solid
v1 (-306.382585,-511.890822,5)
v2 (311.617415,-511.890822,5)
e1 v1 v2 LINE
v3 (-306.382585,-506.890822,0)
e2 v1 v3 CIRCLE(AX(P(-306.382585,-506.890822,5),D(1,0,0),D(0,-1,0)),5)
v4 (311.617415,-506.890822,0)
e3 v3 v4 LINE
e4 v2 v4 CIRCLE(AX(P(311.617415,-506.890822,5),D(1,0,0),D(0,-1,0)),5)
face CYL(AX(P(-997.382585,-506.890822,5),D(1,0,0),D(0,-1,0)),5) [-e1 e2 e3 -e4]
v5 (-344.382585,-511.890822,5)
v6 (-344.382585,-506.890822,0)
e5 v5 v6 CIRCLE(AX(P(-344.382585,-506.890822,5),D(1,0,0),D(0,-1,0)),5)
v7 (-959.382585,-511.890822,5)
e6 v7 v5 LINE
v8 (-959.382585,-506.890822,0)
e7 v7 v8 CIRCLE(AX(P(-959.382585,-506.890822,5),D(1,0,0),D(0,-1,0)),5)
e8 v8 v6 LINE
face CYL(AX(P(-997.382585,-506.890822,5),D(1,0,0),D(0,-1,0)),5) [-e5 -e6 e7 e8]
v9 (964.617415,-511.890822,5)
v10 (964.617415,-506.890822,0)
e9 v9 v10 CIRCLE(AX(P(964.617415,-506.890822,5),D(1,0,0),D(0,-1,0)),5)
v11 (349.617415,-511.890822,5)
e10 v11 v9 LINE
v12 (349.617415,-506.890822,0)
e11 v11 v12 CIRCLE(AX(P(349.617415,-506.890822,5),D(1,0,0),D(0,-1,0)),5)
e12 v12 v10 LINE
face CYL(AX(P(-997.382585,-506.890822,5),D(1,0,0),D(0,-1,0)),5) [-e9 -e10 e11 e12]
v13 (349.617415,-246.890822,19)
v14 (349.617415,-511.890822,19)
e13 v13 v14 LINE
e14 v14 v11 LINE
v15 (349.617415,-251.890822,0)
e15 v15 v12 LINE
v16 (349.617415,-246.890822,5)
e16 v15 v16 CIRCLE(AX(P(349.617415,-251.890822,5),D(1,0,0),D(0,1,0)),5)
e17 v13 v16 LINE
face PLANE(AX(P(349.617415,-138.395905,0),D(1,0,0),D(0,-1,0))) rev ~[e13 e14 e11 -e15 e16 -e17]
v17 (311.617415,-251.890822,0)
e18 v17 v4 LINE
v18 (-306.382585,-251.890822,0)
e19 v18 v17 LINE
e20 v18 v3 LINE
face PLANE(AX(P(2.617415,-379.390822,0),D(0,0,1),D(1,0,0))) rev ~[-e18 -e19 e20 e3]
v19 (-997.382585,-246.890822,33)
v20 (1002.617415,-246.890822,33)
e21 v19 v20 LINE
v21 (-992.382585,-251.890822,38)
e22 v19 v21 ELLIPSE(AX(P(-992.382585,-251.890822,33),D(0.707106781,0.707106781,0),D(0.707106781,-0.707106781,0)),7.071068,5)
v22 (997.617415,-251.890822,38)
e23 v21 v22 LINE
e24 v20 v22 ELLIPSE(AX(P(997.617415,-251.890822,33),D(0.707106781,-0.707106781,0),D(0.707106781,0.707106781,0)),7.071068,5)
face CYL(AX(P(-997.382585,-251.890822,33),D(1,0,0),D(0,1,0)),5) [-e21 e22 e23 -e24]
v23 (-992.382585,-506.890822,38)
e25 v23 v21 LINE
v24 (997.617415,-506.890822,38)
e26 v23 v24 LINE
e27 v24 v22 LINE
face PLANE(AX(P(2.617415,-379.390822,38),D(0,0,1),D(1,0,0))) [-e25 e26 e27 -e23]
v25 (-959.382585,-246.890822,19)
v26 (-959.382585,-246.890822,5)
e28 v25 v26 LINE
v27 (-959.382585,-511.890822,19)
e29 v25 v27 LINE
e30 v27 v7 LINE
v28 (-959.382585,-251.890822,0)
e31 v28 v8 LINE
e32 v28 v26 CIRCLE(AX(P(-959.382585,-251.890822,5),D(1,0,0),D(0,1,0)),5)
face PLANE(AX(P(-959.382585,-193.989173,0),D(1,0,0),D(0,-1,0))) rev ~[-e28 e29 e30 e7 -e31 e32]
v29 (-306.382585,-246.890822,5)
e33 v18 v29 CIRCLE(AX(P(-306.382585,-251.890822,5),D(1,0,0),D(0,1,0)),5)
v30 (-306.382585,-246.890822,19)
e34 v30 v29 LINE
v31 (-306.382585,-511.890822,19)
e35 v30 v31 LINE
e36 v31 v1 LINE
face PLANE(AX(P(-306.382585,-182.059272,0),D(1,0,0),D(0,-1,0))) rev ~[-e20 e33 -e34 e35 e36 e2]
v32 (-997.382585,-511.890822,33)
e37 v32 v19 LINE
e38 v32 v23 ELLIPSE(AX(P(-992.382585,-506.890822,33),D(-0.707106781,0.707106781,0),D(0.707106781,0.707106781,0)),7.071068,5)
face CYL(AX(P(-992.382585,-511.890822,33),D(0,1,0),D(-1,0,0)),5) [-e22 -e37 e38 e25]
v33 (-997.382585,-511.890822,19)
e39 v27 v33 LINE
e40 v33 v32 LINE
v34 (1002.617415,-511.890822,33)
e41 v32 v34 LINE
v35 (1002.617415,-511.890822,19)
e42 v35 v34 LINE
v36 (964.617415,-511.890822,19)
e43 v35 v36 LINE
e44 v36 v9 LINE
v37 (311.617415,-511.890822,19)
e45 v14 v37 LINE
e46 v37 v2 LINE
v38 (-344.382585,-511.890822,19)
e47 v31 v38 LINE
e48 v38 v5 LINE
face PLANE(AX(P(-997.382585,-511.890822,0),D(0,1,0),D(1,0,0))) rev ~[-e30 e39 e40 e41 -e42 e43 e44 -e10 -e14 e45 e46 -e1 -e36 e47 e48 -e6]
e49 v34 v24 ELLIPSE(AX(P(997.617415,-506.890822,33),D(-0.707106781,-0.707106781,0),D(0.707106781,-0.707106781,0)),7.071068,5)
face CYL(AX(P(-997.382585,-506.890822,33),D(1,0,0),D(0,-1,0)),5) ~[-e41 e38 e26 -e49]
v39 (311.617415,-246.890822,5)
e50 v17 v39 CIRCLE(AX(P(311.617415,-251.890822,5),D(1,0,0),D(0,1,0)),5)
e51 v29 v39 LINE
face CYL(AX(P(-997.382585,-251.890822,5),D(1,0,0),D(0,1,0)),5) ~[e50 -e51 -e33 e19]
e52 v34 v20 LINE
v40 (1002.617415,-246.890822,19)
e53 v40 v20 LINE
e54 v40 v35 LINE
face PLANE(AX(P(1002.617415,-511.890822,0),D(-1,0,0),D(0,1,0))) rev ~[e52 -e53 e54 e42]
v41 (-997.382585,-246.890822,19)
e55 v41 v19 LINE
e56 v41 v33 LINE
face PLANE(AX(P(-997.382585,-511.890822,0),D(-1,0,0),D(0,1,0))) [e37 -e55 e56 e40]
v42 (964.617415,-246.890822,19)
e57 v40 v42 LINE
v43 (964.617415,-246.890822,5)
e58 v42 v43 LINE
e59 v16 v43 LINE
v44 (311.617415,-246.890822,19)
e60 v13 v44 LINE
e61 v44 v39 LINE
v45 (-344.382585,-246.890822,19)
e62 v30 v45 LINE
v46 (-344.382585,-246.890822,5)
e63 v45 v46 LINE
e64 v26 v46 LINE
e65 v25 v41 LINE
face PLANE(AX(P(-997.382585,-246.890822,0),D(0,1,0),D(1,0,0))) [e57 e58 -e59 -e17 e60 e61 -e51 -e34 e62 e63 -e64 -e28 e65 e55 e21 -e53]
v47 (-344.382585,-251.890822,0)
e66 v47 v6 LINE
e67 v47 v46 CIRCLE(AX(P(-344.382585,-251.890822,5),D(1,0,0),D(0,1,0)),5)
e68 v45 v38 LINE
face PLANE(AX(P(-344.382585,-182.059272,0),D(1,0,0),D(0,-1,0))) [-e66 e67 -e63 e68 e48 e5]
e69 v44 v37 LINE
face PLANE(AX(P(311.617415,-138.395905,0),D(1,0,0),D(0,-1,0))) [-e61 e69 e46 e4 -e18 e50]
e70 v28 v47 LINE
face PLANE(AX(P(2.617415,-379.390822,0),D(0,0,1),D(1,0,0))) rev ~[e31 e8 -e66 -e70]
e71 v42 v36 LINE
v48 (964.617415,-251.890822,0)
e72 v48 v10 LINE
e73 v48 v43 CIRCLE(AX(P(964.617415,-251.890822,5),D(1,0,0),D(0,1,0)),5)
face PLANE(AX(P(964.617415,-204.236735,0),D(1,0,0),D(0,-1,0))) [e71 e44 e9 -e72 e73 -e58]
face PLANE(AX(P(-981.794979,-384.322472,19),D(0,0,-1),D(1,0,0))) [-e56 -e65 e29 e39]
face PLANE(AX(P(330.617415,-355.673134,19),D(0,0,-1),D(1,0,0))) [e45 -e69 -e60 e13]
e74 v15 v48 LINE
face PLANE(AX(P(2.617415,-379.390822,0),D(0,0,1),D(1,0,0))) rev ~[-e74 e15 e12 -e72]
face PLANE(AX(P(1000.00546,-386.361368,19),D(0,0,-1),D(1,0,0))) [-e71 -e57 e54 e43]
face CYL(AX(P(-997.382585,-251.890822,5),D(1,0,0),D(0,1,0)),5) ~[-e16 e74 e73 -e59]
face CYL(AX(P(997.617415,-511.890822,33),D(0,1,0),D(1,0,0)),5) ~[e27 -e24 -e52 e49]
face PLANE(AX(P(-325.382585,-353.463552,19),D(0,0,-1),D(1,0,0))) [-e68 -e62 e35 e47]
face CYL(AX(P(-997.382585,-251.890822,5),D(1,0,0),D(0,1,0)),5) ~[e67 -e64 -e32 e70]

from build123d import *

# Parameters (mm, degrees)
F0_W     = 2000
F0_H     = 265
F1_DEPTH = 38
F2_R     = 5
F3_W     = 44.824789
F3_H     = 380.666598
F3_W_2   = 70.77609
F3_H_2   = 364.249266
F4_DEPTH = 19
F5_W     = 38
F5_H     = 342.808559
F5_H_2   = 434.554458
F6_DEPTH = 19


with BuildPart() as f1:
    # F0 (on Top) → F1 (new body)
    with BuildSketch(Plane.XY):
        with Locations((2.617415, -379.390822)):
            Rectangle(F0_W, F0_H)
    extrude(amount=F1_DEPTH)

    # F2
    f2_edges = [f1.edges().sort_by_distance(p)[0] for p in [
        (2.617415, -246.890822, 38),
        (-997.382585, -379.390822, 38),
        (2.617415, -511.890822, 38),
        (1002.617415, -379.390822, 38),
        (2.617415, -246.890822, 0),
        (-997.382585, -379.390822, 0),
        (2.617415, -511.890822, 0),
        (1002.617415, -379.390822, 0),
    ]]
    fillet(f2_edges, radius=F2_R)

    # F3 (on face) → F4 (cut)
    with BuildSketch(Plane(origin=(0, 0, 0), x_dir=(1, 0, 0), z_dir=(0, 0, -1))):
        with Locations((-981.794979, 384.322472)):
            Rectangle(F3_W, F3_H)
        with Locations((1000.00546, 386.361368)):
            Rectangle(F3_W_2, F3_H_2)
    extrude(amount=-F4_DEPTH, mode=Mode.SUBTRACT)

    # F5 (on face) → F6 (cut)
    with BuildSketch(Plane(origin=(0, 0, 0), x_dir=(1, 0, 0), z_dir=(0, 0, -1))):
        with Locations((-325.382585, 353.463552)):
            Rectangle(F5_W, F5_H)
        with Locations((330.617415, 355.673134)):
            Rectangle(F5_W, F5_H_2)
    extrude(amount=-F6_DEPTH, mode=Mode.SUBTRACT)


solid = f1.part
